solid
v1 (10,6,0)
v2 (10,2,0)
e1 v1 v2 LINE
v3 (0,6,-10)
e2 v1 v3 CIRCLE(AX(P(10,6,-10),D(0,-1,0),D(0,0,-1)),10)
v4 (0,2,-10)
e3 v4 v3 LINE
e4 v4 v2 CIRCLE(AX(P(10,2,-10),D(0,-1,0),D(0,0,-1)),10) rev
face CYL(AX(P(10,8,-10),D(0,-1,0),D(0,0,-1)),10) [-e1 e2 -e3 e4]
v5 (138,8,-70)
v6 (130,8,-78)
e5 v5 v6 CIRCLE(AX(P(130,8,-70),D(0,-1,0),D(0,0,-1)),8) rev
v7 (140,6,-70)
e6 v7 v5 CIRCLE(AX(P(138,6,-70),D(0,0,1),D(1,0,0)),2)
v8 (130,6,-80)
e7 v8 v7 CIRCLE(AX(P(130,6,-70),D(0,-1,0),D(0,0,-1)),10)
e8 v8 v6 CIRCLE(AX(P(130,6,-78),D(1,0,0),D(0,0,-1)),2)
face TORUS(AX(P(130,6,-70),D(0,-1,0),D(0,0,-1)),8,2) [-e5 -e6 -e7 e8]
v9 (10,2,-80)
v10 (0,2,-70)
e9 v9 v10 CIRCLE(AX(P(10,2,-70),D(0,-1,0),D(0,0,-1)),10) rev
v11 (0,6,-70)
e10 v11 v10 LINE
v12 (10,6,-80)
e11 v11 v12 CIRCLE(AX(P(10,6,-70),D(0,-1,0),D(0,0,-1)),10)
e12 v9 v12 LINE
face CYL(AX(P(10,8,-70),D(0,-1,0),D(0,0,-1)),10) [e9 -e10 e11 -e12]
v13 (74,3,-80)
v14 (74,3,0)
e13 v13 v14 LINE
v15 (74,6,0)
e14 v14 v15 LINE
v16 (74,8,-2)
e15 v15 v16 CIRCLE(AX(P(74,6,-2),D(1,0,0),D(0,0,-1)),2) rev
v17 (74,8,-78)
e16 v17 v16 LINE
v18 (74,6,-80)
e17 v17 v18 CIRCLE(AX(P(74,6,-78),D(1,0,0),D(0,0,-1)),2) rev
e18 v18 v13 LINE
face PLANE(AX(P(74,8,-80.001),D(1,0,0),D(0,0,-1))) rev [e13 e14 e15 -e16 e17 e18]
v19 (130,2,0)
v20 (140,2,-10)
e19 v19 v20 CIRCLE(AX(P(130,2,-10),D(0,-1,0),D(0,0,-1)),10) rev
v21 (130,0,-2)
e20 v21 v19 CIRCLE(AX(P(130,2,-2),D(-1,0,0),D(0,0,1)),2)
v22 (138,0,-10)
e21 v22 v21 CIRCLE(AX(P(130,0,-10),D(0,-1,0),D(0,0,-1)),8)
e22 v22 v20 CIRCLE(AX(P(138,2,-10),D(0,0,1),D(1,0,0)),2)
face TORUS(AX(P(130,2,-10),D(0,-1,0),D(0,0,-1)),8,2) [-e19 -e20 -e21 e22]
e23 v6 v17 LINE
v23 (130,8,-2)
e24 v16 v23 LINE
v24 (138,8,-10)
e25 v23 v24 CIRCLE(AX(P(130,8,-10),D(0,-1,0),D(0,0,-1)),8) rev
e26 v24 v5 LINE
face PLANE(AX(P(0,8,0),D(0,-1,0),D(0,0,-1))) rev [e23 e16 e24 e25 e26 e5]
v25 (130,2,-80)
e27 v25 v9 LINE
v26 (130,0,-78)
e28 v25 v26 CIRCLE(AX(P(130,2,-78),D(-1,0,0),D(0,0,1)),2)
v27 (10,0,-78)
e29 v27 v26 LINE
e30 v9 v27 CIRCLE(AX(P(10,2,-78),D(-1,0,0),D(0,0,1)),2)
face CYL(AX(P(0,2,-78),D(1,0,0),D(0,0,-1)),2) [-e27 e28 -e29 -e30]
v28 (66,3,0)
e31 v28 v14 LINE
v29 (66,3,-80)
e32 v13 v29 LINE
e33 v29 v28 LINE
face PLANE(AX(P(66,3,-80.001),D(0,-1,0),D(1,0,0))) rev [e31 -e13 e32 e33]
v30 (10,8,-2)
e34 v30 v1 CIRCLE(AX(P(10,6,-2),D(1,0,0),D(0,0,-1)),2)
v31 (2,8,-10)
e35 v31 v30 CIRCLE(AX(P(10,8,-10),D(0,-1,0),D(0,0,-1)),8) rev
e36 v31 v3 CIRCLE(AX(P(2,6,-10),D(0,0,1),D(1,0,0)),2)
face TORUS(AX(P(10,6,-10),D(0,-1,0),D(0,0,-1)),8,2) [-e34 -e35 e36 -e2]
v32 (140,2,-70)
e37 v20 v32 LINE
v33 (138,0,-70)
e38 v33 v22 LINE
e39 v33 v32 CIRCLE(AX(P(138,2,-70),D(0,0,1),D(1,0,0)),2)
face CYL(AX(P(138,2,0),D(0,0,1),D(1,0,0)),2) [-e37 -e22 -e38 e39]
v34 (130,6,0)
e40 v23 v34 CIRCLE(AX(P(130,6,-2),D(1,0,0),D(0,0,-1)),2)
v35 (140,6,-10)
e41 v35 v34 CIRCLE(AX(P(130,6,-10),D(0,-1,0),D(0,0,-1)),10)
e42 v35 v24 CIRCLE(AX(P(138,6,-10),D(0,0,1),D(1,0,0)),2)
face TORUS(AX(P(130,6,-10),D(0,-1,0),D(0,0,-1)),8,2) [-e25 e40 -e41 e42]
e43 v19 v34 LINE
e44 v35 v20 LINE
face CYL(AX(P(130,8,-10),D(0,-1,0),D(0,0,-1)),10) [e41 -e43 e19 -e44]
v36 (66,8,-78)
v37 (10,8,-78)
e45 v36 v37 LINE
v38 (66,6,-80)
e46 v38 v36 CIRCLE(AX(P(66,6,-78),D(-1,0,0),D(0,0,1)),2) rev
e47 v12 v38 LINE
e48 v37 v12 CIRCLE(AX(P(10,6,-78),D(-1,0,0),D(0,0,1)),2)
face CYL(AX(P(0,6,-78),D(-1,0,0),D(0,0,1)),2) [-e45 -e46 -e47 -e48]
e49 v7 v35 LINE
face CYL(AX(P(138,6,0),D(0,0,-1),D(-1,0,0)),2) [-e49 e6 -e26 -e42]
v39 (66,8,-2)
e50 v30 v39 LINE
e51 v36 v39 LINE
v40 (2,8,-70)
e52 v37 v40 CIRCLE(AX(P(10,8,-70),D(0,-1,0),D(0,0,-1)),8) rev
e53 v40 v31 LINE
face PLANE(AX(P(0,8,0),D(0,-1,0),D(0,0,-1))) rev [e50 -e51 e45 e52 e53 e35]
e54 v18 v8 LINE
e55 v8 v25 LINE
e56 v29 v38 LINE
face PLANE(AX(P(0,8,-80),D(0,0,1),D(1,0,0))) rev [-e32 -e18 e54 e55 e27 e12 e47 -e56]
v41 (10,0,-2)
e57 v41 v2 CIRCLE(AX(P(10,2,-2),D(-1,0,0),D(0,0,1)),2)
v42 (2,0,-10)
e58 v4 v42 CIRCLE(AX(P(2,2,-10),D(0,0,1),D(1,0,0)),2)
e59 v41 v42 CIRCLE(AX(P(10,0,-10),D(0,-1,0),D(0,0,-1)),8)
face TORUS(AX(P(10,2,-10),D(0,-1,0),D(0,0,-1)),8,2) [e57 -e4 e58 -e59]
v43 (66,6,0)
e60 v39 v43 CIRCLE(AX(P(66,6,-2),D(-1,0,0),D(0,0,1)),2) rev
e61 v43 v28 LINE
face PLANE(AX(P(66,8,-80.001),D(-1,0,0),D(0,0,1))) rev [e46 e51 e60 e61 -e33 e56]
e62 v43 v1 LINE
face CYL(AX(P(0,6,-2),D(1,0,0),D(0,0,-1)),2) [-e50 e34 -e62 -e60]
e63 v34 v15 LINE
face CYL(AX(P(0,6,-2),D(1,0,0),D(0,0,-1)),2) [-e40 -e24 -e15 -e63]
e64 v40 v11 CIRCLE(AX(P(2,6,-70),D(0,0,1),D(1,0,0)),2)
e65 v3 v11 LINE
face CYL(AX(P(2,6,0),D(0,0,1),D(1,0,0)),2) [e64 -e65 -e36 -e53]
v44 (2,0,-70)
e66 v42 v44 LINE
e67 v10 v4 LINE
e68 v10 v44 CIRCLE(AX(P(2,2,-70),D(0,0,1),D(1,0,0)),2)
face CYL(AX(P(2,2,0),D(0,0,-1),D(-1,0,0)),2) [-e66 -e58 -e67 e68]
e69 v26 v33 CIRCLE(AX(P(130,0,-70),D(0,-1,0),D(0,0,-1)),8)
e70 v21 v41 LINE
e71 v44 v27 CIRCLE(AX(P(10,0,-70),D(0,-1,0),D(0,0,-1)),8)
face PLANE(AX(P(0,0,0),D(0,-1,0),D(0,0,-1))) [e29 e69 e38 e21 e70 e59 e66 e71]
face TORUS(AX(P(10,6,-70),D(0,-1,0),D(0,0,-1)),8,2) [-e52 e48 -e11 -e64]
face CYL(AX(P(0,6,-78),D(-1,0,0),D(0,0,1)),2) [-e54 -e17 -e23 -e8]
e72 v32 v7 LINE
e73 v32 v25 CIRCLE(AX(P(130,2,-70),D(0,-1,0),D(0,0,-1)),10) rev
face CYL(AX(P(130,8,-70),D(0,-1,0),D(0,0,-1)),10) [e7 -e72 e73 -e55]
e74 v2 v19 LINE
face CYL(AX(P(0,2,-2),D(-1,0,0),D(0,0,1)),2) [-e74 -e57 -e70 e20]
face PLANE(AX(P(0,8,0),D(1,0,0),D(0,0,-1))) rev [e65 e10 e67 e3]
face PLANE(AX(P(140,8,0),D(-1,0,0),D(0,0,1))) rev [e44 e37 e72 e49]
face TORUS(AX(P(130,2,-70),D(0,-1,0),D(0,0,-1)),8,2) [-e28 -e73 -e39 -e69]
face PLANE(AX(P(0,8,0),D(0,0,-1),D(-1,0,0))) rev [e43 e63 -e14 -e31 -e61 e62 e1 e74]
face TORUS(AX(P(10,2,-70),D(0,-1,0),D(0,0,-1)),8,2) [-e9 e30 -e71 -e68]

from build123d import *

# Parameters (mm, degrees)
SKICA1_W                 = 140
SKICA1_H                 = 80
P_IDAT_VYSUNUT_M1_DEPTH  = 8
ODEBRAT_VYSUNUT_M1_REACH = 82
SKICA2_W                 = 8
SKICA2_H                 = 5
ZAOBLIT1_R               = 10
ZAOBLIT3_R               = 2


with BuildPart() as part:
    # Skica1 → Přidat vysunutím1 (new body)
    with BuildSketch(Plane(origin=(0, 0, 0), x_dir=(1, 0, 0), z_dir=(0, 1, 0))):
        with Locations((70, 40)):
            Rectangle(SKICA1_W, SKICA1_H)
    extrude(amount=P_IDAT_VYSUNUT_M1_DEPTH)

    # Skica2 → Odebrat vysunutím1 (cut, up to next)
    with BuildSketch(Plane.XY, mode=Mode.PRIVATE) as odebrat_vysunut_m1_sk1:
        with Locations((70, 5.5)):
            Rectangle(SKICA2_W, SKICA2_H)
    odebrat_vysunut_m1_tool1 = extrude(odebrat_vysunut_m1_sk1.sketch, amount=-ODEBRAT_VYSUNUT_M1_REACH, mode=Mode.PRIVATE) & part.part
    add(odebrat_vysunut_m1_tool1.solids().sort_by_distance((70, 5.5, 0))[0], mode=Mode.SUBTRACT)

    # Zaoblit1
    zaoblit1_edges = [part.edges().sort_by_distance(p)[0] for p in [
        (0, 4, -80),
        (140, 4, -80),
        (140, 4, 0),
        (0, 4, 0),
    ]]
    fillet(zaoblit1_edges, radius=ZAOBLIT1_R)

    # Zaoblit3
    zaoblit3_edges = [part.edges().sort_by_distance(p)[0] for p in [
        (102, 8, 0),
        (38, 8, -80),
        (0, 0, -40),
        (0, 8, -40),
        (70, 0, -80),
        (140, 0, -40),
        (70, 0, 0),
        (2.928932188, 0, -2.928932188),
        (137.071067812, 0, -2.928932188),
        (137.071067812, 0, -77.071067812),
        (2.928932188, 0, -77.071067812),
        (102, 8, -80),
        (38, 8, 0),
        (2.928932188, 8, -2.928932188),
        (2.928932188, 8, -77.071067812),
        (140, 8, -40),
        (137.071067812, 8, -2.928932188),
        (137.071067812, 8, -77.071067812),
    ]]
    fillet(zaoblit3_edges, radius=ZAOBLIT3_R)


solid = part.part
